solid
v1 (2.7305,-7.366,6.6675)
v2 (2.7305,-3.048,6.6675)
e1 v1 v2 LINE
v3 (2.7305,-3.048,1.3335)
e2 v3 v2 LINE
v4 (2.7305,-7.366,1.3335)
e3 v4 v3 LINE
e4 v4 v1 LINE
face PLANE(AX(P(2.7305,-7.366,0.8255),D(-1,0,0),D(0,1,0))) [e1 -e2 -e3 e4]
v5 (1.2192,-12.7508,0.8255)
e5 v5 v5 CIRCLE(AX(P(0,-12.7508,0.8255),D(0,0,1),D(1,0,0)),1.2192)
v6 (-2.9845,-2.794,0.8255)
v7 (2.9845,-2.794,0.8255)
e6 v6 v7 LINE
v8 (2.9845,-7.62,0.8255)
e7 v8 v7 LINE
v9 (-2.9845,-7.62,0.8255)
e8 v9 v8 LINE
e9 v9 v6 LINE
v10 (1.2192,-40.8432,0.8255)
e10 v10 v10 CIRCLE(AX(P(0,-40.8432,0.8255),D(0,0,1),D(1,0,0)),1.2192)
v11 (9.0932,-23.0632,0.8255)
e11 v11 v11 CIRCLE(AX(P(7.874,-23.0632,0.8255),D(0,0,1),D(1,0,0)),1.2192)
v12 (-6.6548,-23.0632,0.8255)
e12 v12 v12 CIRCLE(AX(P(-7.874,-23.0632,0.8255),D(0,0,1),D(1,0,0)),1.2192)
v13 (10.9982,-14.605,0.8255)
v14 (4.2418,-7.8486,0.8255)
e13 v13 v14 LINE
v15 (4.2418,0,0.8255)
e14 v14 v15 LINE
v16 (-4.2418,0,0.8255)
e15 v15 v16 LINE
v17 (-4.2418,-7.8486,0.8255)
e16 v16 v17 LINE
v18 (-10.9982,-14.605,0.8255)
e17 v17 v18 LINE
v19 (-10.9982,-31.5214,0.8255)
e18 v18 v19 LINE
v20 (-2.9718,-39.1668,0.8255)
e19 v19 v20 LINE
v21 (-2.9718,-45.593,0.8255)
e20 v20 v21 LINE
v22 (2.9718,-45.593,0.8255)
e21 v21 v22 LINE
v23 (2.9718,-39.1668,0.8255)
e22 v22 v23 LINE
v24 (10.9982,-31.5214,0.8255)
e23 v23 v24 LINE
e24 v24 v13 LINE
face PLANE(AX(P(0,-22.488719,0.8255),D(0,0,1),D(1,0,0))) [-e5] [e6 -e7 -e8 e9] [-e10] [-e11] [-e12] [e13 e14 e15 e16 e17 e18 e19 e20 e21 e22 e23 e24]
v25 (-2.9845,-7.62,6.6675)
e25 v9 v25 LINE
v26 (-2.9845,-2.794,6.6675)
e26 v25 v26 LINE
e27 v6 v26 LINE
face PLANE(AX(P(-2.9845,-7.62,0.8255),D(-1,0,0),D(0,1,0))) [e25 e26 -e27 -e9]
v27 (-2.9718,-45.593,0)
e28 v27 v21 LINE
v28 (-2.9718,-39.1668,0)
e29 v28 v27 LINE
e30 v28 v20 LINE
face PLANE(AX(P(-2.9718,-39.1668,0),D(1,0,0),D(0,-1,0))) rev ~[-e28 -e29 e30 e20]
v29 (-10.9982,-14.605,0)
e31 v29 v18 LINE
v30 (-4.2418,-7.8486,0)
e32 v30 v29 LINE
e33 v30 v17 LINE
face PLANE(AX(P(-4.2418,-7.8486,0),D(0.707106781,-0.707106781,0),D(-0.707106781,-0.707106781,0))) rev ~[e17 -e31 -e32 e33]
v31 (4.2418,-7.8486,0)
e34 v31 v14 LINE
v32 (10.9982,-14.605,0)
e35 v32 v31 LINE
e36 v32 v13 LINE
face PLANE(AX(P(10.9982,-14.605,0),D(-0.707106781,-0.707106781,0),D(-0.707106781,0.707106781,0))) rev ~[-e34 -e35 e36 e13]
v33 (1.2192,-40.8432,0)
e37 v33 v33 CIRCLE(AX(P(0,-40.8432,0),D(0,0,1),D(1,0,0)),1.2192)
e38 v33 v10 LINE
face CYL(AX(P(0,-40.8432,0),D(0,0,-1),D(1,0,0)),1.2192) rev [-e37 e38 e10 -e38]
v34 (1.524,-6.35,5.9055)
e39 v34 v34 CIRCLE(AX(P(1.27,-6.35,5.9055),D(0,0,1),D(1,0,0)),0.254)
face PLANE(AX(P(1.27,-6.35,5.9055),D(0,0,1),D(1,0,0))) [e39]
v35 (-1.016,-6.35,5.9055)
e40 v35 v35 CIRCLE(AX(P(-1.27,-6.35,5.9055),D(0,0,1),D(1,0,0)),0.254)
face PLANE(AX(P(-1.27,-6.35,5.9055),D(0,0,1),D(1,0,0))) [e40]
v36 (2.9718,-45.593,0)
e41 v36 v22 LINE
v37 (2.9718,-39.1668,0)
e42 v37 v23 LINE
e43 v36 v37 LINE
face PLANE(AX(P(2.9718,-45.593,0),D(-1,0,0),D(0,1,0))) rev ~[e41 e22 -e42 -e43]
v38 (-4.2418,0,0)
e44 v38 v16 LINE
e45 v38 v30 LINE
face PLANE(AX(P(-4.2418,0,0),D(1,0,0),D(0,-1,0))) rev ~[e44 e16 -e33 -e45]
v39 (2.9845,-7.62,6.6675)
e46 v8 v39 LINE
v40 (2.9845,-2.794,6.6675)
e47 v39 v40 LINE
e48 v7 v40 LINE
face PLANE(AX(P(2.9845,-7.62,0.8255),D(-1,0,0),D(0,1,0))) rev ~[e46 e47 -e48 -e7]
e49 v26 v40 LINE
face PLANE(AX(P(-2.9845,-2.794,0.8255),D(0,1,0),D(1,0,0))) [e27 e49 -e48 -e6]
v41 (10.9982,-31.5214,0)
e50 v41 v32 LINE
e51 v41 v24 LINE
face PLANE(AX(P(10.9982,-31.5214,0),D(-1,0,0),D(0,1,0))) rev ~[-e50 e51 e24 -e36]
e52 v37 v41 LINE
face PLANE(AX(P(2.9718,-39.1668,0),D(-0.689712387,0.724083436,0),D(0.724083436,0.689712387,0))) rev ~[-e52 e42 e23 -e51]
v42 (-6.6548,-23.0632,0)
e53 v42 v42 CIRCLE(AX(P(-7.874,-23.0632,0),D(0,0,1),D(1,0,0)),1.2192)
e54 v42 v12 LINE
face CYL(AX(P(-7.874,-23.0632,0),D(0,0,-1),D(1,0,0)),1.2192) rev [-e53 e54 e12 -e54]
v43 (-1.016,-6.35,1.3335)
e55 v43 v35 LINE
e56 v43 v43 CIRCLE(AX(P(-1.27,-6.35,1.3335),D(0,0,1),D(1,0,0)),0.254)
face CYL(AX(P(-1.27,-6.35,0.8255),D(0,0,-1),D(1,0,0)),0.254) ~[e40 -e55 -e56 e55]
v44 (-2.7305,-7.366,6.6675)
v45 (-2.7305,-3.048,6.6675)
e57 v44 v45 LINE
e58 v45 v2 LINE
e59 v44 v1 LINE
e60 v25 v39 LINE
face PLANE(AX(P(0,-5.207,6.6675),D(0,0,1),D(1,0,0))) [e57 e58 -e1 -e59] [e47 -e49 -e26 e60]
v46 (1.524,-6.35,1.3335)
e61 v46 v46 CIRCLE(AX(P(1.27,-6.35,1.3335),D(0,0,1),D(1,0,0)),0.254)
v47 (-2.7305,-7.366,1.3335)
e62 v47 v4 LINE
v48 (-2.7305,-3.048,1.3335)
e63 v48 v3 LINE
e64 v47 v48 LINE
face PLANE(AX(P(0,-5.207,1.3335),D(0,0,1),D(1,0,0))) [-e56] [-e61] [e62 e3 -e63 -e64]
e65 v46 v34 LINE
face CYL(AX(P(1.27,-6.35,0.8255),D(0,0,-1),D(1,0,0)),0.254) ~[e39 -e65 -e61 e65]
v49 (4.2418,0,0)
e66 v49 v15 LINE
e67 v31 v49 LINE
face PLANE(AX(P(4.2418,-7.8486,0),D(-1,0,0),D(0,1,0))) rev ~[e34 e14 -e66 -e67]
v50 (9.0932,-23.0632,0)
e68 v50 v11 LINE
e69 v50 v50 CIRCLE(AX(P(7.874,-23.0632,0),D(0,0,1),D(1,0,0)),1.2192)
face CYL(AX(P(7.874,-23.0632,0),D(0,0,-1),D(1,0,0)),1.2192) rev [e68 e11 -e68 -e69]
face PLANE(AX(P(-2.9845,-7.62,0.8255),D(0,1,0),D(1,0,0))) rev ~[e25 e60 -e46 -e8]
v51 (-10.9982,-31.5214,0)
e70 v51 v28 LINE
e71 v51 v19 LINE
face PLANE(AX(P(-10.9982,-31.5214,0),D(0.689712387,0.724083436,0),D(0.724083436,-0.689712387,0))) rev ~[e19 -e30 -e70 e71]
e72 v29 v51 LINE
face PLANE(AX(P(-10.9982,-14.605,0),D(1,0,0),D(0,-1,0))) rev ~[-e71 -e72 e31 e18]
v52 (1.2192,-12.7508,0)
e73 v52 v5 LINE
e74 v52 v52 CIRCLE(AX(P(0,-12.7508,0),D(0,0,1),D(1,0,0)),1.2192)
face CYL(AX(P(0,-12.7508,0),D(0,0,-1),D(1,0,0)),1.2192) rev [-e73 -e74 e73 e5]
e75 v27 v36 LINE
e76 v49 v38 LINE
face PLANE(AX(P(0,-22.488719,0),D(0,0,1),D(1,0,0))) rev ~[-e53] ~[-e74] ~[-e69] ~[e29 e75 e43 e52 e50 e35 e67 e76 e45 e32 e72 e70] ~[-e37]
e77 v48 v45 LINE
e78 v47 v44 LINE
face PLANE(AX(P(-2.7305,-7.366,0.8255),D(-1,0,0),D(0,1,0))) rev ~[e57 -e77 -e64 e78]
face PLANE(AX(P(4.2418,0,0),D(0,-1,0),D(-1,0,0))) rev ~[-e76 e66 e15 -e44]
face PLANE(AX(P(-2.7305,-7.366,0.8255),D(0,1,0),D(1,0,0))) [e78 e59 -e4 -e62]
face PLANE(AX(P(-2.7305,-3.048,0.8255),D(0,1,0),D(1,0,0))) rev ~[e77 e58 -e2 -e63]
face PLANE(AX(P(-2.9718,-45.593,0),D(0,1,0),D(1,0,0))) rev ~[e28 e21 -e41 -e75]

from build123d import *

# Parameters (mm, degrees)
F0_R     = 1.2192
F1_DEPTH = 0.8255
F2_W     = 5.969
F2_H     = 4.826
F2_W_2   = 5.461
F2_H_2   = 4.318
F3_DEPTH = 5.842
F2_R     = 0.254
F4_DEPTH = 0.508
F5_DEPTH = 5.08


with BuildPart() as f1:
    # F0 (on Top) → F1 (new body)
    with BuildSketch(Plane.XY):
        Polygon((4.2418, 0), (-4.2418, 0), (-4.2418, -7.8486), (-10.9982, -14.605), (-10.9982, -31.5214), (-2.9718, -39.1668), (-2.9718, -45.593), (2.9718, -45.593), (2.9718, -39.1668), (10.9982, -31.5214), (10.9982, -14.605), (4.2418, -7.8486), align=None)
        with Locations((-7.874, -23.0632)):
            Circle(F0_R, mode=Mode.SUBTRACT)
        with Locations((0, -40.8432)):
            Circle(F0_R, mode=Mode.SUBTRACT)
        with Locations((7.874, -23.0632)):
            Circle(F0_R, mode=Mode.SUBTRACT)
        with Locations((0, -12.7508)):
            Circle(F0_R, mode=Mode.SUBTRACT)
    extrude(amount=F1_DEPTH)

    # F2 (on face) → F3 (join)
    with BuildSketch(Plane.XY.offset(0.8255)):
        with Locations((0, -5.207)):
            Rectangle(F2_W, F2_H)
        with Locations((0, -5.207)):
            Rectangle(F2_W_2, F2_H_2, mode=Mode.SUBTRACT)
    extrude(amount=F3_DEPTH)

    # F2 (on face) → F4 (join)
    with BuildSketch(Plane.XY.offset(0.8255)):
        with Locations((0, -5.207)):
            Rectangle(F2_W_2, F2_H_2)
        with Locations((-1.27, -6.35)):
            Circle(F2_R, mode=Mode.SUBTRACT)
        with Locations((1.27, -6.35)):
            Circle(F2_R, mode=Mode.SUBTRACT)
    extrude(amount=F4_DEPTH)

    # F2 (on face) → F5 (join)
    with BuildSketch(Plane.XY.offset(0.8255)):
        with Locations((-1.27, -6.35)):
            Circle(F2_R)
        with Locations((1.27, -6.35)):
            Circle(F2_R)
    extrude(amount=F5_DEPTH)


solid = f1.part
